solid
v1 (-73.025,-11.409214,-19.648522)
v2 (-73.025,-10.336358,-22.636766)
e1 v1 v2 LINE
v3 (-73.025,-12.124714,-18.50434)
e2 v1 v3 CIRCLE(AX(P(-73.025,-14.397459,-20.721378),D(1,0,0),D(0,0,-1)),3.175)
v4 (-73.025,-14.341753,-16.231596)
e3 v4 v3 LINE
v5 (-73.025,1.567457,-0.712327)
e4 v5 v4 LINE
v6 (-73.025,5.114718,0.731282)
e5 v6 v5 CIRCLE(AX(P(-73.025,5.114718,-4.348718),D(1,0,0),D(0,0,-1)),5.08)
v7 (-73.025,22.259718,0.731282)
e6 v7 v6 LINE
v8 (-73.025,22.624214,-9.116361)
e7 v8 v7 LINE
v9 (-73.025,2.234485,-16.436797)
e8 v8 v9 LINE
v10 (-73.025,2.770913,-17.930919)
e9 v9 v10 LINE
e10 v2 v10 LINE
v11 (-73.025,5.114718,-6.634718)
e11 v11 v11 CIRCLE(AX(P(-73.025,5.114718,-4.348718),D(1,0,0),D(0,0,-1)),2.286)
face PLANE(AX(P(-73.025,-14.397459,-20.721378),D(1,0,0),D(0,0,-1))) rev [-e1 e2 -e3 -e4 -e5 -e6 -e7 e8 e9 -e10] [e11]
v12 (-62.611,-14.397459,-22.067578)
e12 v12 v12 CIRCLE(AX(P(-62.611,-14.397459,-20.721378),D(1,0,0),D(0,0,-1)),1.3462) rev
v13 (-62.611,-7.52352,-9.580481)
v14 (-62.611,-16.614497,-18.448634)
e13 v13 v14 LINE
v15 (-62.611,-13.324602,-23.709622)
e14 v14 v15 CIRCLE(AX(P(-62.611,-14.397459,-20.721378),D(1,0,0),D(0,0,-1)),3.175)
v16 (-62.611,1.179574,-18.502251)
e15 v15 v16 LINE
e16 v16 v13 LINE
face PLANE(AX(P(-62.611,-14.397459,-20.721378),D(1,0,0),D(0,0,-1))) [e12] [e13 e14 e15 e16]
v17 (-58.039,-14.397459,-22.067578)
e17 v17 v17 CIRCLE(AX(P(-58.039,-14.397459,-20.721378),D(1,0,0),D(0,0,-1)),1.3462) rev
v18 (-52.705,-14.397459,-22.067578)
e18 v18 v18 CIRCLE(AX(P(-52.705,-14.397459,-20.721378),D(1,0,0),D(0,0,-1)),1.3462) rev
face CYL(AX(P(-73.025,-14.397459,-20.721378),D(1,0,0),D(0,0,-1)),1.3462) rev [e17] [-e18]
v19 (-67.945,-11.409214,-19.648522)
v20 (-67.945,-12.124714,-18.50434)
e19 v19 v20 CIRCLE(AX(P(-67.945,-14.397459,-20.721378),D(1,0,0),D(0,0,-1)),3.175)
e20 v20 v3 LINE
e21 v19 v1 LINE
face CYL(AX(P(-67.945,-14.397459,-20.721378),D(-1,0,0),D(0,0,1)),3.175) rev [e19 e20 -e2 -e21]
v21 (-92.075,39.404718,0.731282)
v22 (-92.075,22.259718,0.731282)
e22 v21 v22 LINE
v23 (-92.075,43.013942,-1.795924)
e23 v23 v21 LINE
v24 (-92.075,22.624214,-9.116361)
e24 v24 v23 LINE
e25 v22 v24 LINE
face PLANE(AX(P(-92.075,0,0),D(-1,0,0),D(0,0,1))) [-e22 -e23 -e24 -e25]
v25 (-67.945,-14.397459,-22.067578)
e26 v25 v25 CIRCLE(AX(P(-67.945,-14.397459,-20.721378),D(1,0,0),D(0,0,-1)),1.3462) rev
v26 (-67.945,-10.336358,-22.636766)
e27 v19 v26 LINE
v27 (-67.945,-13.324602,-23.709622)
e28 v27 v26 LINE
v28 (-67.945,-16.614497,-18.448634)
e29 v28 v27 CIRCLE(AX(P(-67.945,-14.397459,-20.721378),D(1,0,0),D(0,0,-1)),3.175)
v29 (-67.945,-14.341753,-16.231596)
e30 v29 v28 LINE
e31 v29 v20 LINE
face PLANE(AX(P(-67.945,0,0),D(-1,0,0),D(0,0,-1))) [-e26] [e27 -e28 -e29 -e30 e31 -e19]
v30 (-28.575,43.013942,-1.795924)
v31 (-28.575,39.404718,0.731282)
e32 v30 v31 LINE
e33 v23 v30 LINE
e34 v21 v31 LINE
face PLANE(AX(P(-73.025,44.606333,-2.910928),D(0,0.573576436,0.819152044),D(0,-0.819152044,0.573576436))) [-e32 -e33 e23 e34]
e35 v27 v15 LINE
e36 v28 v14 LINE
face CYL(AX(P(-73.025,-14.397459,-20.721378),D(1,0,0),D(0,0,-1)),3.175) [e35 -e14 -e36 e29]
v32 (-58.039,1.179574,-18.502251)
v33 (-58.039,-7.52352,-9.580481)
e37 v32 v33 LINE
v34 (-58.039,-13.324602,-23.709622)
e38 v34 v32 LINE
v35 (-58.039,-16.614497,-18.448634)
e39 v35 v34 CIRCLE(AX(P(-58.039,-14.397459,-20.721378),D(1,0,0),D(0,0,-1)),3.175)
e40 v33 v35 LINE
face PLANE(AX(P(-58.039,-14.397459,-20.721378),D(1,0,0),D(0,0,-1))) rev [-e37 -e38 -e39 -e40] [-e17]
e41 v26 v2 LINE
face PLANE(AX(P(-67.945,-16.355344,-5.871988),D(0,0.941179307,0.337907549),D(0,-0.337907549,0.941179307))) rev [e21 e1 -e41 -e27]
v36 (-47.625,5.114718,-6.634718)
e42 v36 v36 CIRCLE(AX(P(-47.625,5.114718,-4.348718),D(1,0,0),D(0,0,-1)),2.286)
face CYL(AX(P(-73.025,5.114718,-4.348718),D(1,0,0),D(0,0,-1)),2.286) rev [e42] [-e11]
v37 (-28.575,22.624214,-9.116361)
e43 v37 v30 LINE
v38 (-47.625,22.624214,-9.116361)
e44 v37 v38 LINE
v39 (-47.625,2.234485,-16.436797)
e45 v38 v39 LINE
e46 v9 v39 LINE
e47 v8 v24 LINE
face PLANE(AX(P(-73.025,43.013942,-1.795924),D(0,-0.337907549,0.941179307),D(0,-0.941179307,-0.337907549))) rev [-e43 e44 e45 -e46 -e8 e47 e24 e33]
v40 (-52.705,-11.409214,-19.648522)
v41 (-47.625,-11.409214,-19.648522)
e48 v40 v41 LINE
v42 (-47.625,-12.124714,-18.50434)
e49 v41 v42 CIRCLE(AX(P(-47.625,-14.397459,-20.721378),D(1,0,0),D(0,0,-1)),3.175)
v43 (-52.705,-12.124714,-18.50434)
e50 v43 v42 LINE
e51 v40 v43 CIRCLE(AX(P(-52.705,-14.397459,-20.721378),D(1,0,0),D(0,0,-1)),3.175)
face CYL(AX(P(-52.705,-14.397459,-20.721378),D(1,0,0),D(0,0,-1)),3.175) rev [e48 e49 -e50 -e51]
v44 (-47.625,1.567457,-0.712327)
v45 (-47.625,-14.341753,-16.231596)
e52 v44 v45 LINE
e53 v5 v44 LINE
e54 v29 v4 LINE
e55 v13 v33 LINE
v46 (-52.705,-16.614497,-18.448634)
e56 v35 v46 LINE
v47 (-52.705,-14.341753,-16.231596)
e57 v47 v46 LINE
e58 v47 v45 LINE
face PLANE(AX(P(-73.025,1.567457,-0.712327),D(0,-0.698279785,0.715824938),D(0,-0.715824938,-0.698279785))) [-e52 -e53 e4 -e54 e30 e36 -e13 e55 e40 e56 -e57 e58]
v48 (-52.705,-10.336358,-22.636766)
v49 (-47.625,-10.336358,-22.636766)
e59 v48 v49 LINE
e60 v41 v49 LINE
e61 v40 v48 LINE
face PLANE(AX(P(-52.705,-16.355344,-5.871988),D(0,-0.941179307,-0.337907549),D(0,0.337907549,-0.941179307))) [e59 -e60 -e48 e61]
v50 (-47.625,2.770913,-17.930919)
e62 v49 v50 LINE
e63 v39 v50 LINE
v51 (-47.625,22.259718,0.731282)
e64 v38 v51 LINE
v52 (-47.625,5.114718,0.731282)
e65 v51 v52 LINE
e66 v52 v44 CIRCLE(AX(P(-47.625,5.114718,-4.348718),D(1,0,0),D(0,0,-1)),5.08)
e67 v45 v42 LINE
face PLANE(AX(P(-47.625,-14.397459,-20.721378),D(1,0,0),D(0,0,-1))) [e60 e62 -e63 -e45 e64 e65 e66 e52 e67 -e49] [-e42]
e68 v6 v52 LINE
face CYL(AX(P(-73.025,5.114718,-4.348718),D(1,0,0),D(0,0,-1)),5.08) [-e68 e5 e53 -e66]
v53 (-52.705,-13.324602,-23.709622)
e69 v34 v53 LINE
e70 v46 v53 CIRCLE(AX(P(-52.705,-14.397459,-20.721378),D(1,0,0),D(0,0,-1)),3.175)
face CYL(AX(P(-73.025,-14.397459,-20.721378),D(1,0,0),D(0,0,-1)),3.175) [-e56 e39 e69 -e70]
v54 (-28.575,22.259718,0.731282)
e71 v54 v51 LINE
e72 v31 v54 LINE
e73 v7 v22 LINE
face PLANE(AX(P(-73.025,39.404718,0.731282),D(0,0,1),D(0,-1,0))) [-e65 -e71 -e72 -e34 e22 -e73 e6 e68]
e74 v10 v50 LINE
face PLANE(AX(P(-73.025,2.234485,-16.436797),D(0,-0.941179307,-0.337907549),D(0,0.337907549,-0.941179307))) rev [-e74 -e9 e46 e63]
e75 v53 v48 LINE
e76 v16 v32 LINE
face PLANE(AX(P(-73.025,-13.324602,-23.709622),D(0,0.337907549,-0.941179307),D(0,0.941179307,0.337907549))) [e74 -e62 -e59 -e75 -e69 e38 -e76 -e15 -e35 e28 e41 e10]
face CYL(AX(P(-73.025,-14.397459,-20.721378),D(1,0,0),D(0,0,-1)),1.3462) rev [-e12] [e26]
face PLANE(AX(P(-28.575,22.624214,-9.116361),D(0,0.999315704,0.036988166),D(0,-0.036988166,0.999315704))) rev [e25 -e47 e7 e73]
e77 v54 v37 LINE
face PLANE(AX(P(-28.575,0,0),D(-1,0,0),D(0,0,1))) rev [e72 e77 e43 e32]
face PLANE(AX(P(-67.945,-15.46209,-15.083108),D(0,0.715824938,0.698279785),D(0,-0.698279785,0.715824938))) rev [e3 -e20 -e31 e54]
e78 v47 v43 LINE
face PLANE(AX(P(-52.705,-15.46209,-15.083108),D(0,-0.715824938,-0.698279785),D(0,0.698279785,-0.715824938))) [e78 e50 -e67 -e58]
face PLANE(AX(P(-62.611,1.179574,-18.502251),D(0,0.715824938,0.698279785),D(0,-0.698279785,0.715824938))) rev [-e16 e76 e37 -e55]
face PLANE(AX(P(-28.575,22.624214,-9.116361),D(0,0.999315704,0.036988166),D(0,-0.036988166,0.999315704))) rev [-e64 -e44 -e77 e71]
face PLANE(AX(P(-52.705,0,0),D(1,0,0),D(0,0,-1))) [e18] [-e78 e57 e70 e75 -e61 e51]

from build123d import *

# Parameters (mm, degrees)
BOSS_EXTRUDE1_DEPTH = 50.8
SCALE1_SCALE        = 0.5
SKETCH2_R           = 1.3462
CUT_EXTRUDE1_DEPTH  = 57.620860656
SKETCH3_R           = 2.286
CUT_EXTRUDE2_DEPTH  = 57.620860656
CUT_EXTRUDE3_DEPTH  = 2.286
CUT_EXTRUDE4_DEPTH  = 57.620860656
BOSS_EXTRUDE2_DEPTH = 31.75
SKETCH7_R           = 1.3462
CUT_EXTRUDE5_DEPTH  = 5.08


with BuildPart() as part:
    # Sketch1 → Boss-Extrude1 (new body)
    with BuildSketch(Plane(origin=(-34.925, 0, 0), x_dir=(0, 0, -1), z_dir=(1, 0, 0))):
        with BuildLine():
            Line((38.721808668, -36.878639896), (-2.875579258, 78.983230962))
            Line((-2.875579258, 78.983230962), (-10.16, 68.58))
            Line((-10.16, 68.58), (-10.16, 0))
            ThreePointArc((-10.16, 0), (-9.410554147, -3.829761173), (-7.27278137, -7.094522616))
            Line((-7.27278137, -7.094522616), (28.19983171, -43.458429465))
            ThreePointArc((28.19983171, -43.458429465), (36.112120939, -44.408324587), (38.721808668, -36.878639896))
        make_face()
    extrude(amount=-BOSS_EXTRUDE1_DEPTH)


with BuildPart() as part_1:
    # Scale1: scaled about (-60.325, 10.229435701, -8.69743621)
    add(part.part.scale(SCALE1_SCALE).moved(Location((-30.1625, 5.11471785, -4.348718105))))

    # Sketch2 → Cut-Extrude1 (cut, through all)
    with BuildSketch(Plane(origin=(-47.625, 0, 0), x_dir=(0, 0, -1), z_dir=(1, 0, 0))):
        with Locations((20.721378138, -14.397458564)):
            Circle(SKETCH2_R)
    extrude(amount=-CUT_EXTRUDE1_DEPTH, mode=Mode.SUBTRACT)

    # Sketch3 → Cut-Extrude2 (cut, through all)
    with BuildSketch(Plane(origin=(-47.625, 0, 0), x_dir=(0, 0, -1), z_dir=(1, 0, 0))):
        with Locations((4.348718105, 5.11471785)):
            Circle(SKETCH3_R)
    extrude(amount=-CUT_EXTRUDE2_DEPTH, mode=Mode.SUBTRACT)

    # Sketch4 → Cut-Extrude3 (cut, symmetric)
    with BuildSketch(Plane(origin=(-60.325, 0, 0), x_dir=(0, 0, -1), z_dir=(1, 0, 0))):
        with BuildLine():
            Line((9.58048069, -7.52352017), (18.44863396, -16.614496882))
            ThreePointArc((18.44863396, -16.614496882), (22.404778575, -17.089444443), (23.709622439, -13.324602098))
            Line((23.709622439, -13.324602098), (18.502250725, 1.179573745))
            Line((18.502250725, 1.179573745), (9.58048069, -7.52352017))
        make_face()
    extrude(amount=CUT_EXTRUDE3_DEPTH, both=True, mode=Mode.SUBTRACT)

    # Sketch5 → Cut-Extrude4 (cut, through all)
    with BuildSketch(Plane(origin=(-47.625, 0, 0), x_dir=(0, 0, -1), z_dir=(1, 0, 0))):
        Polygon((1.795924155, 43.013942134), (16.43679686, 2.234484886), (17.930919011, 2.770913119), (2.910928476, 44.606333332), align=None)
    extrude(amount=-CUT_EXTRUDE4_DEPTH, mode=Mode.SUBTRACT)

    # Sketch6 → Boss-Extrude2 (add, symmetric)
    with BuildSketch(Plane(origin=(-60.325, 0, 0), x_dir=(0, 0, -1), z_dir=(1, 0, 0))):
        Polygon((-0.731281895, 22.25971785), (-0.731281895, 39.40471785), (1.795924155, 43.013942134), (9.116360508, 22.62421351), align=None)
    extrude(amount=BOSS_EXTRUDE2_DEPTH, both=True)

    # Sketch7 → Cut-Extrude5 (cut)
    # profile 1 of 3: a face of its own
    with BuildSketch(Plane(origin=(-47.625, 0, 0), x_dir=(0, 0, -1), z_dir=(1, 0, 0))):
        with BuildLine():
            ThreePointArc((23.709622439, -13.324602098), (22.075761864, -11.525826672), (19.648521671, -11.409214263))
            ThreePointArc((19.648521671, -11.409214263), (19.037977702, -11.705472686), (18.504339821, -12.124714386))
            ThreePointArc((18.504339821, -12.124714386), (17.546622489, -14.358068573), (18.44863396, -16.614496882))
            ThreePointArc((18.44863396, -16.614496882), (21.918178505, -17.338256735), (23.896378138, -14.397458564))
            ThreePointArc((23.896378138, -14.397458564), (23.849340786, -13.852963686), (23.709622439, -13.324602098))
        make_face()
        with Locations((20.721378138, -14.397458564)):
            Circle(SKETCH7_R, mode=Mode.SUBTRACT)
    # profile 2 of 3: a face of its own
    with BuildSketch(Plane(origin=(-47.625, 0, 0), x_dir=(0, 0, -1), z_dir=(1, 0, 0))):
        with BuildLine():
            ThreePointArc((18.44863396, -16.614496882), (17.546622489, -14.358068573), (18.504339821, -12.124714386))
            Line((18.504339821, -12.124714386), (16.231595643, -14.341752704))
            Line((16.231595643, -14.341752704), (18.44863396, -16.614496882))
        make_face()
    # profile 3 of 3: a face of its own
    with BuildSketch(Plane(origin=(-47.625, 0, 0), x_dir=(0, 0, -1), z_dir=(1, 0, 0))):
        with BuildLine():
            Line((22.636765972, -10.336357797), (19.648521671, -11.409214263))
            ThreePointArc((19.648521671, -11.409214263), (22.075761864, -11.525826672), (23.709622439, -13.324602098))
            Line((23.709622439, -13.324602098), (22.636765972, -10.336357797))
        make_face()
    cut_extrude5 = extrude(amount=-CUT_EXTRUDE5_DEPTH, mode=Mode.SUBTRACT)

    # Mirror1: Cut-Extrude5 across plane
    add(cut_extrude5.mirror(Plane(origin=(-60.325, 0, 0), x_dir=(0, 0, 1), z_dir=(1, 0, 0))), mode=Mode.SUBTRACT)


solid = part_1.part
